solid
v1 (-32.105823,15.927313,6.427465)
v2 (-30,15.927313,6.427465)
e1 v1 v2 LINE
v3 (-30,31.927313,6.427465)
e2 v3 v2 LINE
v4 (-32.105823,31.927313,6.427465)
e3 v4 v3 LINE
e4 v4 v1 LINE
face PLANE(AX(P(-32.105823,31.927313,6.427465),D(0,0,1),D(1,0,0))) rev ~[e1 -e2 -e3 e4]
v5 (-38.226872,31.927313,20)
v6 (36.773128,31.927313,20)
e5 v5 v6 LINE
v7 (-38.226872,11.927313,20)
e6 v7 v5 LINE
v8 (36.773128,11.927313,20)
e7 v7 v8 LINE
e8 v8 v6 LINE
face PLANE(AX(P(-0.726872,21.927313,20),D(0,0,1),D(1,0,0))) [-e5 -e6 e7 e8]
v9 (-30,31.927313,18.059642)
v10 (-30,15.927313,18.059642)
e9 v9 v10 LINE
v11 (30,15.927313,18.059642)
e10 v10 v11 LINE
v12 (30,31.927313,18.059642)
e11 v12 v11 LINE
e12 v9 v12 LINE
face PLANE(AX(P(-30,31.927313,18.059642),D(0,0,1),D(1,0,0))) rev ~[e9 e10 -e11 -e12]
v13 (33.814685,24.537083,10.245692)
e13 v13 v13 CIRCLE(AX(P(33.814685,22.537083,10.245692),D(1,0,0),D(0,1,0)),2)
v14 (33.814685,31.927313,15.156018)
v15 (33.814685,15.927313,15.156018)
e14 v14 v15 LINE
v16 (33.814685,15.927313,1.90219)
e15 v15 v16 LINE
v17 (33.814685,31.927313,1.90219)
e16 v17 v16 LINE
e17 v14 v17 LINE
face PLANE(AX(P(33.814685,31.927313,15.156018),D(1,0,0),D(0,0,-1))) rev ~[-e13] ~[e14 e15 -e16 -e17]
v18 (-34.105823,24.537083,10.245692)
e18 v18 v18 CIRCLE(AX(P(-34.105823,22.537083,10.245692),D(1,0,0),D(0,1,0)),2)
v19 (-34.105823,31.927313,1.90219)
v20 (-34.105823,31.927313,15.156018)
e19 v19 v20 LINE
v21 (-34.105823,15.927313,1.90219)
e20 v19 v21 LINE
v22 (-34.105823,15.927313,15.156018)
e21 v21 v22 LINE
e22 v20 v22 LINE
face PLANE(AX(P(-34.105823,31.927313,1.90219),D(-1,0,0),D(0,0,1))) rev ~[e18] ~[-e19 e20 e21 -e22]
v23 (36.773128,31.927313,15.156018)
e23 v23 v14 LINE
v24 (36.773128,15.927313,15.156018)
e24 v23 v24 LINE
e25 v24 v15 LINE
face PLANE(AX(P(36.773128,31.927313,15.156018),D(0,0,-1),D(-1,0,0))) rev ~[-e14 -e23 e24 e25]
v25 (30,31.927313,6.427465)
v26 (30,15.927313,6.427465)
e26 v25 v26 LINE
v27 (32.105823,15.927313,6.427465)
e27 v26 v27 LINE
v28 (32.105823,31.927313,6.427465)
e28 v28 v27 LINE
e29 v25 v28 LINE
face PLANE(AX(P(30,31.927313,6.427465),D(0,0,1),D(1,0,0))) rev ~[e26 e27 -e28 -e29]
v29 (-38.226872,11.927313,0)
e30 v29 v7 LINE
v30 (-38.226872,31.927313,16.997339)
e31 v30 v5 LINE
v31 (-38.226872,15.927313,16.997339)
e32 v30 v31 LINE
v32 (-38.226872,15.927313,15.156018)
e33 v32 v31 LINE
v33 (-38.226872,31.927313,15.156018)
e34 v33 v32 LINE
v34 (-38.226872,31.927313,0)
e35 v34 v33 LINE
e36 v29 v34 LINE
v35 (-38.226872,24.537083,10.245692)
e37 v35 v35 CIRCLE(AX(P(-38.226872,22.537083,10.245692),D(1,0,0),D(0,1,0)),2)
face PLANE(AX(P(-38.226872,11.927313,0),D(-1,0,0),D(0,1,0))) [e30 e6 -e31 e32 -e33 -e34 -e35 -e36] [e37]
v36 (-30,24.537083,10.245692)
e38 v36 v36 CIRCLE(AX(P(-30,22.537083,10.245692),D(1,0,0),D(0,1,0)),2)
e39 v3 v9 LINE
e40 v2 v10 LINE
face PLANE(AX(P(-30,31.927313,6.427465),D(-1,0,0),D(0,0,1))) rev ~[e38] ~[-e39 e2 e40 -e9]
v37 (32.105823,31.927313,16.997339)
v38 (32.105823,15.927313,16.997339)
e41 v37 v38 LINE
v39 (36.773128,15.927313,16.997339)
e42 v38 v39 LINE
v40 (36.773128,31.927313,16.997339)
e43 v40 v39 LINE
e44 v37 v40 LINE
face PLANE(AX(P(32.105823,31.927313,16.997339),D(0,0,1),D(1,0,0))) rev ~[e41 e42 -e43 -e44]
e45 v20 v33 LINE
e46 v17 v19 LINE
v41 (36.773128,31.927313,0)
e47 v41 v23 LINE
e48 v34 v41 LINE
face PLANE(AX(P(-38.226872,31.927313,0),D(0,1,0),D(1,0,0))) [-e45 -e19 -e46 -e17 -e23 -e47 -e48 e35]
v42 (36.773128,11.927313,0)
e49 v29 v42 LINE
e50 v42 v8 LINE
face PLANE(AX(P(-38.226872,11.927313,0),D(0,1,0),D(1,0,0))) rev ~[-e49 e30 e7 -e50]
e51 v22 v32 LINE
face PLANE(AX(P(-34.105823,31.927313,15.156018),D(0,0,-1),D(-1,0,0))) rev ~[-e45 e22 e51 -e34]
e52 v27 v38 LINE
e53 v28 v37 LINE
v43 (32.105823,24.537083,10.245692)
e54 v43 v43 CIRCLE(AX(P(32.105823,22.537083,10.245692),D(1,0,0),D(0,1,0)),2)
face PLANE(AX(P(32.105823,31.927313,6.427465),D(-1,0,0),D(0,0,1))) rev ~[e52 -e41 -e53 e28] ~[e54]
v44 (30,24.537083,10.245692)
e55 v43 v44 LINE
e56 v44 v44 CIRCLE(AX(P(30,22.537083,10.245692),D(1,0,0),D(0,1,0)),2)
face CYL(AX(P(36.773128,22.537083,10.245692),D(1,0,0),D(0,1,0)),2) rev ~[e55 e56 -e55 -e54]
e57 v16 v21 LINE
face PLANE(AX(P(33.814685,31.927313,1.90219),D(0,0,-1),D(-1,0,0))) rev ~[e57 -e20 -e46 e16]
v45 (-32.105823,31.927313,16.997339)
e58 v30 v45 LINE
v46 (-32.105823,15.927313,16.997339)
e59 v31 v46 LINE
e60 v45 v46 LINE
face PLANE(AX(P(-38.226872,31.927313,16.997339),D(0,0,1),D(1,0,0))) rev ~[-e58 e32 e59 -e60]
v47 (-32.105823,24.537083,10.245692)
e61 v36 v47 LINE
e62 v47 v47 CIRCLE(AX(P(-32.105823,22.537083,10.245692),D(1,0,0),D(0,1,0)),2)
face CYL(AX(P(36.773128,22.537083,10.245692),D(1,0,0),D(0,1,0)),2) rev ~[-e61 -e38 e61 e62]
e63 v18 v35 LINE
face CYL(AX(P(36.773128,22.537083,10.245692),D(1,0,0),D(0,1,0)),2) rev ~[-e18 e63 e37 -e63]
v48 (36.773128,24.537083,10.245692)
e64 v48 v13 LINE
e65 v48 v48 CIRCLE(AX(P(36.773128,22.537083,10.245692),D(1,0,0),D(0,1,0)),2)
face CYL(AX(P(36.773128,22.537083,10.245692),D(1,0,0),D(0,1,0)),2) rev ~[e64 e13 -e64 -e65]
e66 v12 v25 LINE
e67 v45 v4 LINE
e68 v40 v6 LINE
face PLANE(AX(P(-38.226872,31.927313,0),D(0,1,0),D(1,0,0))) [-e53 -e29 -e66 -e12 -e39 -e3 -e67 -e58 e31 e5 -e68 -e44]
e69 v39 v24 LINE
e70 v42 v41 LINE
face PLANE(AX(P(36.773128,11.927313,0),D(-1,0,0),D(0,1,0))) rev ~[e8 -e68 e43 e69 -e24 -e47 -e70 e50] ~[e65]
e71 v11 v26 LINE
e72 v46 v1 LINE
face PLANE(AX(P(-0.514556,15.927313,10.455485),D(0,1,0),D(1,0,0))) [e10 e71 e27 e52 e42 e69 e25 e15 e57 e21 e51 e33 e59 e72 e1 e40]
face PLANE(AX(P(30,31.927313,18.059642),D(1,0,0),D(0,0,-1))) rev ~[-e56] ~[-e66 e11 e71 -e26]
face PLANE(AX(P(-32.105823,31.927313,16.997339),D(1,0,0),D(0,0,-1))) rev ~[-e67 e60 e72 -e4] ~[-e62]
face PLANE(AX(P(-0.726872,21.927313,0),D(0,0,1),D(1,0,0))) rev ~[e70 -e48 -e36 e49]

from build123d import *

# Parameters (mm, degrees)
SKETCH1_W           = 75
SKETCH1_H           = 20
BOSS_EXTRUDE1_DEPTH = 20
CUT_EXTRUDE2_DEPTH  = 16
SKETCH3_R           = 2
CUT_EXTRUDE3_DEPTH  = 96


with BuildPart() as part:
    # Sketch1 → Boss-Extrude1 (new body)
    with BuildSketch(Plane.XY):
        with Locations((-0.726872247, 21.927312775)):
            Rectangle(SKETCH1_W, SKETCH1_H)
    extrude(amount=BOSS_EXTRUDE1_DEPTH)

    # Sketch2 → Cut-Extrude2 (cut)
    with BuildSketch(Plane(origin=(0, 31.927312775, 0), x_dir=(1, 0, 0), z_dir=(0, 1, 0))):
        Polygon((36.773127753, -16.997338724), (36.773127753, -15.156017778), (34.105822873, -15.156017778), (33.814685074, -15.156017778), (33.814685074, -4.376760328), (33.814685074, -1.902190301), (32.105822873, -1.902190301), (-32.105822873, -1.902190301), (-34.105822873, -1.902190301), (-34.105822873, -4.376760328), (-34.105822873, -15.156017778), (-38.226872247, -15.156017778), (-38.226872247, -16.997338724), (-32.105822873, -16.997338724), (-32.105822873, -6.427465258), (-30, -6.427465258), (-30, -18.05964209), (30, -18.05964209), (30, -6.427465258), (32.105822873, -6.427465258), (32.105822873, -16.997338724), align=None)
    extrude(amount=-CUT_EXTRUDE2_DEPTH, mode=Mode.SUBTRACT)

    # Sketch3 → Cut-Extrude3 (cut)
    with BuildSketch(Plane(origin=(36.773127753, 0, 0), x_dir=(0, 0, -1), z_dir=(1, 0, 0))):
        with Locations(Location((-10.245692038, 22.537083277, 0), (0, 0, 90))):
            Circle(SKETCH3_R)
    extrude(amount=-CUT_EXTRUDE3_DEPTH, mode=Mode.SUBTRACT)


solid = part.part
